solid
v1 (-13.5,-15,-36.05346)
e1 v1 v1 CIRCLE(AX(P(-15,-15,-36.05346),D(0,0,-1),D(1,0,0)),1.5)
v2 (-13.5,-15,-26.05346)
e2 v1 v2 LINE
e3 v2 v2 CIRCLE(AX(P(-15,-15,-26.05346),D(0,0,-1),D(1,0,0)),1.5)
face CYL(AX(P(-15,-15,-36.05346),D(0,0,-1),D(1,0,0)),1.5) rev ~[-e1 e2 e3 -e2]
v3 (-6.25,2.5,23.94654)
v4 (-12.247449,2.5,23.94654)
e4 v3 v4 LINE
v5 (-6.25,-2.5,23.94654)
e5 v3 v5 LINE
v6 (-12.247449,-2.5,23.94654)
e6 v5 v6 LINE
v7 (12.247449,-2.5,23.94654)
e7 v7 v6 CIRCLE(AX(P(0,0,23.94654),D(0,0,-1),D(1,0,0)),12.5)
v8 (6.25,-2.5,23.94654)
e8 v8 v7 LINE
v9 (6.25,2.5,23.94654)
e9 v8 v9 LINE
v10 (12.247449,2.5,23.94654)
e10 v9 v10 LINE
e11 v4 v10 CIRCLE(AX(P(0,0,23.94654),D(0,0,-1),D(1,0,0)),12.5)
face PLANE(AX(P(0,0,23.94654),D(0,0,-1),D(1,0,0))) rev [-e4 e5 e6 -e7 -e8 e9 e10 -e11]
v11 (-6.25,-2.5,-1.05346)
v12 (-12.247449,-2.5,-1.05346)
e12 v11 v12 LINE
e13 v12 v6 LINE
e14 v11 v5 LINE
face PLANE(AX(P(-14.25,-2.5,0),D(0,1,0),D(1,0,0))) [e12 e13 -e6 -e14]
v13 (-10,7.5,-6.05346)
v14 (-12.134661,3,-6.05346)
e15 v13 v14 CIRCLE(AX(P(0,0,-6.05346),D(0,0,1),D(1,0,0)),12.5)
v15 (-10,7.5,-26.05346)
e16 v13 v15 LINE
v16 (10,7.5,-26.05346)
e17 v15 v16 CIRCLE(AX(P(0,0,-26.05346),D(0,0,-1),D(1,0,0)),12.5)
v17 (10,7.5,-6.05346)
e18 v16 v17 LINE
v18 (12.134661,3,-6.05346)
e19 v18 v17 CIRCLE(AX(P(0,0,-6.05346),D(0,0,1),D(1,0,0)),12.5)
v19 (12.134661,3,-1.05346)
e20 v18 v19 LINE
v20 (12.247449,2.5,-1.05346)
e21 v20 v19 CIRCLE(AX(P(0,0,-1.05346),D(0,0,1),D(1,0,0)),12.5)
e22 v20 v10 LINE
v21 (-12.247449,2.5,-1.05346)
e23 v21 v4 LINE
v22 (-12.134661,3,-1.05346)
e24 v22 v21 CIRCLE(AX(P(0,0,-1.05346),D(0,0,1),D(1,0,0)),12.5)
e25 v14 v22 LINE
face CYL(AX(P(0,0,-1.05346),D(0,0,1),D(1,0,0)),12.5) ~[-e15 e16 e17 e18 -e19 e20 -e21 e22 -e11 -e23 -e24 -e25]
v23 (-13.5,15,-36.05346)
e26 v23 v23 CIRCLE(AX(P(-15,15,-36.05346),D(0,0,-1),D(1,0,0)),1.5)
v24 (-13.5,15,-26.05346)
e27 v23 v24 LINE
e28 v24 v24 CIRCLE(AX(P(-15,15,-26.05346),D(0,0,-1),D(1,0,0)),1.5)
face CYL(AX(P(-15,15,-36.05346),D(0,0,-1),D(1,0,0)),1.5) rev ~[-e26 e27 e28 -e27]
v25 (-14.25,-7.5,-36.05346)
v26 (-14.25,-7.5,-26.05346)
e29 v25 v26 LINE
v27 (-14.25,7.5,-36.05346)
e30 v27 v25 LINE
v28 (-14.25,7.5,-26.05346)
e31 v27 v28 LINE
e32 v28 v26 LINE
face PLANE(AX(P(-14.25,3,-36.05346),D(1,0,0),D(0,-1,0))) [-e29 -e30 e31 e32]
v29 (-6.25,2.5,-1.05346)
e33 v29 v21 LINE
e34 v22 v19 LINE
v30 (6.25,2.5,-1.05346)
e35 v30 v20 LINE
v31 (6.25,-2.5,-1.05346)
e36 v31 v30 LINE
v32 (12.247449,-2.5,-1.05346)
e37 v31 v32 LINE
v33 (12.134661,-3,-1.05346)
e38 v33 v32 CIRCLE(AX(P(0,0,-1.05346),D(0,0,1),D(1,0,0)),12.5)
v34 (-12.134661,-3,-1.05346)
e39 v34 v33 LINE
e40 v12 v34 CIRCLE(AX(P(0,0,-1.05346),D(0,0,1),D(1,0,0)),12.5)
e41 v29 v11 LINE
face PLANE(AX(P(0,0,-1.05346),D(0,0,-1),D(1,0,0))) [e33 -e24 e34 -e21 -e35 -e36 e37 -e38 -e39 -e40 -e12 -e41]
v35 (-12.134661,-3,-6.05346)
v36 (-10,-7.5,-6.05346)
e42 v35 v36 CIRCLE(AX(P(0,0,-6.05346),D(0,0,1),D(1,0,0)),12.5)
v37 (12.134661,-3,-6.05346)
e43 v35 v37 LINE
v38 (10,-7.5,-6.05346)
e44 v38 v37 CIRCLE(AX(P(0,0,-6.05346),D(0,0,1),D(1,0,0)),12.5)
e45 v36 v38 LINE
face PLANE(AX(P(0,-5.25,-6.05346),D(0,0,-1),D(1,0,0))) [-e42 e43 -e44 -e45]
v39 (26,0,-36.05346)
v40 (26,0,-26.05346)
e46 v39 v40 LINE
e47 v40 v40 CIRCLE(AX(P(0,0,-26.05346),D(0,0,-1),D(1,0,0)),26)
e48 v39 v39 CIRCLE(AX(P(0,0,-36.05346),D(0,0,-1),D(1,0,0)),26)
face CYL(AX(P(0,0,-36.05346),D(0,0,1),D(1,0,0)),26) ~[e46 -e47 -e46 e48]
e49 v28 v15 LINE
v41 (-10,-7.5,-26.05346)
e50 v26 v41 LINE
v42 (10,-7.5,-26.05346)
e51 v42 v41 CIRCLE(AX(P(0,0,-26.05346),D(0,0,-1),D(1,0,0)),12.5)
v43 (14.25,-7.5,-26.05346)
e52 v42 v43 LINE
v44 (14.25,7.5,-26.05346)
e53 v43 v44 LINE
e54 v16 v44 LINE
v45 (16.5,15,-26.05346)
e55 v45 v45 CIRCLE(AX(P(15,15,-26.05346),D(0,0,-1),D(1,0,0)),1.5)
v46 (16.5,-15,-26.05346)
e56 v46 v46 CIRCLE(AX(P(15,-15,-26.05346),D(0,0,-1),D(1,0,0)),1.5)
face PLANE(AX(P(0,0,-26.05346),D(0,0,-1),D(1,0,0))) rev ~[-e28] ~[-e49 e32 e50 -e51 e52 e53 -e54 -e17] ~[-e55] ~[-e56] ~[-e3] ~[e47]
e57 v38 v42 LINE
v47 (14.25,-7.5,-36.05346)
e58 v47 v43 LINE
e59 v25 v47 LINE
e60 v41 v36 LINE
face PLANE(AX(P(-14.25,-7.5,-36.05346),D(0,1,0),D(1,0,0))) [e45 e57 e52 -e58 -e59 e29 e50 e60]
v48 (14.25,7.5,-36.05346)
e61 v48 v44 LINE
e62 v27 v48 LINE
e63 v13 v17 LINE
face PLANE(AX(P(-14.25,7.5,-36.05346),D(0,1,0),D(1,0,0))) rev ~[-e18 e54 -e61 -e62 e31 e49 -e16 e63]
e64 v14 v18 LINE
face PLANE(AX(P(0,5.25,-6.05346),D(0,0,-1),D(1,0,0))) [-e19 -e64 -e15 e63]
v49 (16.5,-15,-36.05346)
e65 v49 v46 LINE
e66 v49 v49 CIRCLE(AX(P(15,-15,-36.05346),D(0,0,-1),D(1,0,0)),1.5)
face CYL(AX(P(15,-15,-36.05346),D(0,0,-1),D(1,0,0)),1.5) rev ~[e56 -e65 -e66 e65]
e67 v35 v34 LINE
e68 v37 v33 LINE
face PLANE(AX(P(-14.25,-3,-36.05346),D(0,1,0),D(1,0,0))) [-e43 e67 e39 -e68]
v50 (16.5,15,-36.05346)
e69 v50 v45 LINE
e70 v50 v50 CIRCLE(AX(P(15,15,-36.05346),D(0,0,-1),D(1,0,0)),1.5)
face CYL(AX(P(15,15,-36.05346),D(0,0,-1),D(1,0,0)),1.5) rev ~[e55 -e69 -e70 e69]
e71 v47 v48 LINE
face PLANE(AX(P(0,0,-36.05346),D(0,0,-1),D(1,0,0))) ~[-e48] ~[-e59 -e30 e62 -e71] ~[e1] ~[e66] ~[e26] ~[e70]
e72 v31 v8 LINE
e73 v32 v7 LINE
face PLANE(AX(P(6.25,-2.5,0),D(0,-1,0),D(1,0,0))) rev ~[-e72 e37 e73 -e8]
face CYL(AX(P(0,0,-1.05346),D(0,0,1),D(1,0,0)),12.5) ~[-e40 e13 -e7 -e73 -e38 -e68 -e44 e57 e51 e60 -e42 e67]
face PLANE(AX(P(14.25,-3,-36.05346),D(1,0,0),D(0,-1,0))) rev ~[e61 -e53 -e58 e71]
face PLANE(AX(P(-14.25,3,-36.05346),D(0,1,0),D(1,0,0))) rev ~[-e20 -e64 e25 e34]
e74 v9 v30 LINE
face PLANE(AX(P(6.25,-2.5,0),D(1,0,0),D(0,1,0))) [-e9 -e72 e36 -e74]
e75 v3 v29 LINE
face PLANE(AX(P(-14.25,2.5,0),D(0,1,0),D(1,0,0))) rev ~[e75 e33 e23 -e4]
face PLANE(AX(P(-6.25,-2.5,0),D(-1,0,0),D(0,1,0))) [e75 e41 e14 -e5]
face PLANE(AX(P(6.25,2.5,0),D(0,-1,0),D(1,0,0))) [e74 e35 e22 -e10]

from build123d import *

# Parameters (mm, degrees)
F0_W     = 12.5
F0_H     = 50
F2_W     = 8
F2_H     = 5
F3_DEPTH = 37.5
F4_W     = 28.5
F4_H     = 6
F5_DEPTH = 35
F6_W     = 28.5
F6_H     = 4.5
F7_DEPTH = 30
F6_H_2   = 15
F6_R     = 1.5
F8_DEPTH = 11


with BuildPart() as f1:
    # F0 (on Front) → F1 (revolve)
    with BuildSketch(Plane.XZ):
        with Locations((6.25, -1.05346)):
            Rectangle(F0_W, F0_H)
        Polygon((12.5, -26.05346), (0, -26.05346), (0, -36.05346), (26, -36.05346), (26, -26.05346), align=None)
    revolve(axis=Axis((0, 0, -1.05346), (0, 0, -1)))

    # F2 (on Top) → F3 (cut, symmetric)
    with BuildSketch(Plane.XY):
        with Locations((-10.25, 0)):
            Rectangle(F2_W, F2_H)
        with Locations((10.25, 0)):
            Rectangle(F2_W, F2_H)
    extrude(amount=F3_DEPTH, both=True, mode=Mode.SUBTRACT)

    # F4 (on face) → F5 (cut)
    with BuildSketch(Plane(origin=(0, 0, -36.05346), x_dir=(1, 0, 0), z_dir=(0, 0, -1))):
        Rectangle(F4_W, F4_H)
    extrude(amount=-F5_DEPTH, mode=Mode.SUBTRACT)

    # F6 (on face) → F7 (cut)
    with BuildSketch(Plane(origin=(0, 0, -36.05346), x_dir=(1, 0, 0), z_dir=(0, 0, -1))):
        with Locations((0, 5.25)):
            Rectangle(F6_W, F6_H)
        with Locations((0, -5.25)):
            Rectangle(F6_W, F6_H)
    extrude(amount=-F7_DEPTH, mode=Mode.SUBTRACT)

    # F6 (on face) → F8 (cut)
    with BuildSketch(Plane(origin=(0, 0, -36.05346), x_dir=(1, 0, 0), z_dir=(0, 0, -1))):
        Rectangle(F6_W, F6_H_2)
        with Locations((15, -15)):
            Circle(F6_R)
        with Locations((-15, -15)):
            Circle(F6_R)
        with Locations((15, 15)):
            Circle(F6_R)
        with Locations((-15, 15)):
            Circle(F6_R)
    extrude(amount=-F8_DEPTH, mode=Mode.SUBTRACT)


solid = f1.part
